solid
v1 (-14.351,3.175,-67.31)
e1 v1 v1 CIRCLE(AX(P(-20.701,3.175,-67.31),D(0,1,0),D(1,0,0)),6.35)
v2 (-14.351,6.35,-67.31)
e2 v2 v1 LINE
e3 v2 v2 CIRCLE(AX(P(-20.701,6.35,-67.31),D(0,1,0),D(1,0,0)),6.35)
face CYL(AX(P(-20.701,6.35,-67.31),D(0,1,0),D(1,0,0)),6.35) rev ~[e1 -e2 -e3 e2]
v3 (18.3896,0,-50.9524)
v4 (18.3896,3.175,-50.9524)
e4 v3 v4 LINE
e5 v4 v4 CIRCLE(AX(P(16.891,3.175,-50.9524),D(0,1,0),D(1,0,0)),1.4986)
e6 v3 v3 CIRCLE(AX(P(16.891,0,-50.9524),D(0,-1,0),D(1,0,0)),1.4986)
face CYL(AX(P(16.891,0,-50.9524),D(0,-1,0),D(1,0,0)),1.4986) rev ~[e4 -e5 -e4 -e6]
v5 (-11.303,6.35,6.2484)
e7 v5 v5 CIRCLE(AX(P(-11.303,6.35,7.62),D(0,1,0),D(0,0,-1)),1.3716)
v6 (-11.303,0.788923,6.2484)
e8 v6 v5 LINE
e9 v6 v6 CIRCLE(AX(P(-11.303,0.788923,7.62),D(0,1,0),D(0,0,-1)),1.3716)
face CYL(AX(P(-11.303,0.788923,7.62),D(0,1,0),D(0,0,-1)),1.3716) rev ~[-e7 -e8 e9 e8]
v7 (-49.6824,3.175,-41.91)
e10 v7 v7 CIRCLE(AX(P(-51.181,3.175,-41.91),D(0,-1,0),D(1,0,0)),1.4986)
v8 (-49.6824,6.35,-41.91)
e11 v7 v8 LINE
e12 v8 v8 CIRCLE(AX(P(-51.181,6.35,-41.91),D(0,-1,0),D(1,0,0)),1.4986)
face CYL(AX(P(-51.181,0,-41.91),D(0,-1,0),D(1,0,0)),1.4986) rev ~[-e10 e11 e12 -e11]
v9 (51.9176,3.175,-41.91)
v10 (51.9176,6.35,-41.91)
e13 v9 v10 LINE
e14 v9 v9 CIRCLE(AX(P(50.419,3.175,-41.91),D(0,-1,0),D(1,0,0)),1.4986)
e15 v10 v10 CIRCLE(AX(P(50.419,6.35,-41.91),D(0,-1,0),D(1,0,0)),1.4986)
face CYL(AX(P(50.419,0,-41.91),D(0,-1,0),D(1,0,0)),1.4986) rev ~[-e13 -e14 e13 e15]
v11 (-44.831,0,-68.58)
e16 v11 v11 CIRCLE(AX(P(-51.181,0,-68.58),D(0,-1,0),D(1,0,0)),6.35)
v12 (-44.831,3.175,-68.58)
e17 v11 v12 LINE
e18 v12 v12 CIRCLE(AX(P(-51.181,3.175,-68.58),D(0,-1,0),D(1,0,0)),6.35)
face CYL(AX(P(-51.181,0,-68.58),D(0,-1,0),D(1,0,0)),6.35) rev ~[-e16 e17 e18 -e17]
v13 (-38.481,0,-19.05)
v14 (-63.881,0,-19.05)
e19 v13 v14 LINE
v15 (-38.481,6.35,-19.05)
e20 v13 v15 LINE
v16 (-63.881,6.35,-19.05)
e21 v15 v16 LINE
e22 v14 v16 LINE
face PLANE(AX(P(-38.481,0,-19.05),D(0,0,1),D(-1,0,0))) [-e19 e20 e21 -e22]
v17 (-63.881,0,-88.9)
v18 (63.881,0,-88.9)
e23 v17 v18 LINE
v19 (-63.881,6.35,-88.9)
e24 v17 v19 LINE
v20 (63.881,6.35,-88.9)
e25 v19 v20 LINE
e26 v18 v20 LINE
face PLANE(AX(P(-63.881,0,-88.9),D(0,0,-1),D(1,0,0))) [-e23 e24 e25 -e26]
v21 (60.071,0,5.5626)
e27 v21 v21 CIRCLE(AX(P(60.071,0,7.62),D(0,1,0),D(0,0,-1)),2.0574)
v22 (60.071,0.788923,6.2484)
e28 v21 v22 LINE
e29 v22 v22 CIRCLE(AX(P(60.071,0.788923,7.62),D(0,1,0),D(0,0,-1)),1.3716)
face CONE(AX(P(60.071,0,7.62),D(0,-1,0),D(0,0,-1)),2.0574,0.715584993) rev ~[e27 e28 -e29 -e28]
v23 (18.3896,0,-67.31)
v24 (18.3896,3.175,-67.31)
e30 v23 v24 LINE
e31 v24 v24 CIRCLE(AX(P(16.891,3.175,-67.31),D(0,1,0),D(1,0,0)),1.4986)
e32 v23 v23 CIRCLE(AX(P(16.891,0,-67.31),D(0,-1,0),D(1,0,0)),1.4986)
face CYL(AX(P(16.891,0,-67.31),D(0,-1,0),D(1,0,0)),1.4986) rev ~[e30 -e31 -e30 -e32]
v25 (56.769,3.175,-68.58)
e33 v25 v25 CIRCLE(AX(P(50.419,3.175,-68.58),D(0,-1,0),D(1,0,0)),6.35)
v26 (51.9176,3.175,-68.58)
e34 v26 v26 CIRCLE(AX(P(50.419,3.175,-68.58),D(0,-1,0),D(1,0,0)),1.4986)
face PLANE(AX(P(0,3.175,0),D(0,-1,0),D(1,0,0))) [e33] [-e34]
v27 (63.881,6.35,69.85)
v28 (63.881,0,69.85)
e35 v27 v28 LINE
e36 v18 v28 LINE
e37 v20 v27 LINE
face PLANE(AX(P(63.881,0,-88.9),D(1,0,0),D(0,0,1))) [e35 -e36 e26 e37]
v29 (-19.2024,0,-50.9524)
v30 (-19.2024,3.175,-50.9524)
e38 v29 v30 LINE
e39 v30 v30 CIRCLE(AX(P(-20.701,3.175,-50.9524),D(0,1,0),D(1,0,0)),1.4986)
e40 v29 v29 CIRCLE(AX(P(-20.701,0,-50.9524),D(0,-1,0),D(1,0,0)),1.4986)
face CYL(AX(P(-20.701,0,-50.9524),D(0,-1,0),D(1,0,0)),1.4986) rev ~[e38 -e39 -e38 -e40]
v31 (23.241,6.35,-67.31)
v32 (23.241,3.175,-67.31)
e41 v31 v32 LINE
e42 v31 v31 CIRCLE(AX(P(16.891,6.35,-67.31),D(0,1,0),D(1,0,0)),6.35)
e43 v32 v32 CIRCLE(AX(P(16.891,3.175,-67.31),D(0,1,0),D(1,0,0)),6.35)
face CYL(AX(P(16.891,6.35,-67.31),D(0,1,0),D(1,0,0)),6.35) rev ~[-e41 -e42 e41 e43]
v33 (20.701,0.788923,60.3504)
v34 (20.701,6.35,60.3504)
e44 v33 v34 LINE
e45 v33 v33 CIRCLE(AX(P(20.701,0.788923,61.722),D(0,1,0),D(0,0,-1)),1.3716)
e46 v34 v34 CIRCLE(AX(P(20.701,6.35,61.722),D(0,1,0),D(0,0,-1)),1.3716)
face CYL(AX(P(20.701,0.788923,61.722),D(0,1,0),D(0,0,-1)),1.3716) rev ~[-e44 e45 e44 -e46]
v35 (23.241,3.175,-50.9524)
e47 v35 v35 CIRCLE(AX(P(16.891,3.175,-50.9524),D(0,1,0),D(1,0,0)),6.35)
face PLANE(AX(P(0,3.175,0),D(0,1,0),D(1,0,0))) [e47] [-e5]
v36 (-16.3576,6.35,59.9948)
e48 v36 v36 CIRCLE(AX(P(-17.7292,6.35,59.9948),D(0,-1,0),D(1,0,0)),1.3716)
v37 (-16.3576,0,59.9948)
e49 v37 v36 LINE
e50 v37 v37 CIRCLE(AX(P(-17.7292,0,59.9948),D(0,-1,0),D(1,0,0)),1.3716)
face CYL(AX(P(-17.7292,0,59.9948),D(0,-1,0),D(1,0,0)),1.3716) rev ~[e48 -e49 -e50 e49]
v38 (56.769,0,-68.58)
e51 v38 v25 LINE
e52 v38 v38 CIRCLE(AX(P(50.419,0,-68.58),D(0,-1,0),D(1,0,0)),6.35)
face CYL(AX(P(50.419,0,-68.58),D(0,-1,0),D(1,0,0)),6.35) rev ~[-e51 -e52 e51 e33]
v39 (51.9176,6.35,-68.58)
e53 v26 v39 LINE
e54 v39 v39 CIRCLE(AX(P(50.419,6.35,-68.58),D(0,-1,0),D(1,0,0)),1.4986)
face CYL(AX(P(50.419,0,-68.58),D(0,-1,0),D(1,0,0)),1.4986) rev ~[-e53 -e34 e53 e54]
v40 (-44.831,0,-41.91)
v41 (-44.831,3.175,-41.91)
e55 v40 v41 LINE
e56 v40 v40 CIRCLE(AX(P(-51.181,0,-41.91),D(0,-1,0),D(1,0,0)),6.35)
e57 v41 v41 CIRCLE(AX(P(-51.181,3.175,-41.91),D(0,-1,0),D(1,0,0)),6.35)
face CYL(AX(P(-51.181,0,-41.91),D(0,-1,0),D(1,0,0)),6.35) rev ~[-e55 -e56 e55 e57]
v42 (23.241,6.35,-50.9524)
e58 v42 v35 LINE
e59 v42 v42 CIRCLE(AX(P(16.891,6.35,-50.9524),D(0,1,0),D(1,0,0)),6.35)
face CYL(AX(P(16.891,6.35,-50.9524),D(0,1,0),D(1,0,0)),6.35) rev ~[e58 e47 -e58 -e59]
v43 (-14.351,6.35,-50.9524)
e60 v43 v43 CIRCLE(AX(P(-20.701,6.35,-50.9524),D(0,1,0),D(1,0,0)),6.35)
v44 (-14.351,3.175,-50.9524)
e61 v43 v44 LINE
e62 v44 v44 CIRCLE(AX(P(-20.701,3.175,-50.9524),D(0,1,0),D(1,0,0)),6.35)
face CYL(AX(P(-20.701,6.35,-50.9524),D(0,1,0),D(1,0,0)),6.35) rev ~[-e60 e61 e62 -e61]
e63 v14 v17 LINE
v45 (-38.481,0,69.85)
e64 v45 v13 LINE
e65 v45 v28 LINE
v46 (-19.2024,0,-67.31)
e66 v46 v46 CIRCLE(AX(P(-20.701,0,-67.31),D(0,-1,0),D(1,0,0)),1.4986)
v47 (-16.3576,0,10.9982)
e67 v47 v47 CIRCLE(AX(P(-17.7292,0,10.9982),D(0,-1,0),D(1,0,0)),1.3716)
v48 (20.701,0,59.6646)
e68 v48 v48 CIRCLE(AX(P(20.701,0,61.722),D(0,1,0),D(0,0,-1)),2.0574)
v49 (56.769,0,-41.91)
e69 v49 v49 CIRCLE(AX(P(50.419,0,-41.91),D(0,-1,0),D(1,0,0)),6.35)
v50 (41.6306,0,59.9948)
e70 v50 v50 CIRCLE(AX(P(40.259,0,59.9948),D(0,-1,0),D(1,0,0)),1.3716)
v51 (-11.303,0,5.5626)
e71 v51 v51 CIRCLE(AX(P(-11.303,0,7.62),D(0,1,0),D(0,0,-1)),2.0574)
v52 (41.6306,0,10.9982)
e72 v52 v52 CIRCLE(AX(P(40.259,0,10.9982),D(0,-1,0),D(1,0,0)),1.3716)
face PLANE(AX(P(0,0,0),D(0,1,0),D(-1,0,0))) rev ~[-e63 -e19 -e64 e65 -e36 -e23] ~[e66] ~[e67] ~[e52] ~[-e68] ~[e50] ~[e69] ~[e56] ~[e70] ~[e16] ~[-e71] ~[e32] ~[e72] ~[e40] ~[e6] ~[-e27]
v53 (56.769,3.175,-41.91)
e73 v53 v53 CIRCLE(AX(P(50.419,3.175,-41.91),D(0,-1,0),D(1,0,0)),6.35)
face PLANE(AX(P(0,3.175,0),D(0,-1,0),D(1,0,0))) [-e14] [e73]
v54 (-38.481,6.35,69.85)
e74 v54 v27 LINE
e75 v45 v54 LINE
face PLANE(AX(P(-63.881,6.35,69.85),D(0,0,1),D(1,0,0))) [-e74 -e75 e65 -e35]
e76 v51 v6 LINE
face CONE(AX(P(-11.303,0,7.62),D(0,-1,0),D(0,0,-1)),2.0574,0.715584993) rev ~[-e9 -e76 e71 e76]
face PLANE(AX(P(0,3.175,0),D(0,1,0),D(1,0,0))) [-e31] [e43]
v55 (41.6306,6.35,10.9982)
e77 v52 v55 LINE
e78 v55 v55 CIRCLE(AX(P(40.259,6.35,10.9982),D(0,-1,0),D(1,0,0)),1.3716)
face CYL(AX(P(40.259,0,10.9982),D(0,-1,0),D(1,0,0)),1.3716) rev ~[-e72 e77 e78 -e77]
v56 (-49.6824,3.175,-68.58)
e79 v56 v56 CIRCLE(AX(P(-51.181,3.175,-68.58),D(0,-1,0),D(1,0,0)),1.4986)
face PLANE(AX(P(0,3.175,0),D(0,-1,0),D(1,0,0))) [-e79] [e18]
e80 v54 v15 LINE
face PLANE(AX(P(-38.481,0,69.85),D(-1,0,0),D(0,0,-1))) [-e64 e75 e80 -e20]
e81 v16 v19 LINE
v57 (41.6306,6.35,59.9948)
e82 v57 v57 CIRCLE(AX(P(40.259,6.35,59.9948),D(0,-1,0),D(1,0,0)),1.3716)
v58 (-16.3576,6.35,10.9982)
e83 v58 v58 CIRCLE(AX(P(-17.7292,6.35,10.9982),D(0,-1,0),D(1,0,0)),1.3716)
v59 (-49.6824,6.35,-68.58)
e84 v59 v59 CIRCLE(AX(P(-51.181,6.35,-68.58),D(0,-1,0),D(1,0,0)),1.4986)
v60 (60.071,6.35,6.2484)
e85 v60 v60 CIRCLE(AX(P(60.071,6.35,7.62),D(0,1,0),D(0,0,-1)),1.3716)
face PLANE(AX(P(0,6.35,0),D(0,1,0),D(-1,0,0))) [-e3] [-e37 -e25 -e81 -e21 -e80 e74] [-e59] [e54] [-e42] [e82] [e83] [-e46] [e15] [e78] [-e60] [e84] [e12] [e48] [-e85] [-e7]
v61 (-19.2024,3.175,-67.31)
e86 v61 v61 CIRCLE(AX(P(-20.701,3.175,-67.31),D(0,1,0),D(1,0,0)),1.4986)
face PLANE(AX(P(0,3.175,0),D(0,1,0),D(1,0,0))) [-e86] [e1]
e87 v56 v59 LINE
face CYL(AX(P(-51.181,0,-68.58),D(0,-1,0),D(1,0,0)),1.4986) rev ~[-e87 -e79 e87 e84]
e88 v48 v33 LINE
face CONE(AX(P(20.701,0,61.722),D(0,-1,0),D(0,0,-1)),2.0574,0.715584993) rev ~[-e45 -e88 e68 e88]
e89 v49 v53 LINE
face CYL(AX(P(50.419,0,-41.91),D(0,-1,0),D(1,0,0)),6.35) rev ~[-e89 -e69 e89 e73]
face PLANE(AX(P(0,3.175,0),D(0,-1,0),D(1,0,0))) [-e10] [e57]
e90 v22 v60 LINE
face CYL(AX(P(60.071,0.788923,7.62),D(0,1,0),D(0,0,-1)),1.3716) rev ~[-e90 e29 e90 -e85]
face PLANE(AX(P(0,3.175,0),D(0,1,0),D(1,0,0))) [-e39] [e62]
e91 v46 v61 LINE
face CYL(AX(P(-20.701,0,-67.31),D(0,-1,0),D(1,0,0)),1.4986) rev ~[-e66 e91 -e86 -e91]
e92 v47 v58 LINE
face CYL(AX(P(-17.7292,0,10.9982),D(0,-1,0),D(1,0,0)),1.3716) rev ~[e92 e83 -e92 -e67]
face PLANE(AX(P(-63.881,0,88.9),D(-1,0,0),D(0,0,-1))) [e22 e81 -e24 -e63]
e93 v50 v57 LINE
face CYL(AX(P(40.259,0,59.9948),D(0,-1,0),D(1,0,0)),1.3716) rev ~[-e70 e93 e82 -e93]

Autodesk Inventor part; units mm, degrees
ref_plane "YZ Plane" through (0, 0, 0) normal (1, 0, 0) x (0, 1, 0)
ref_plane "XZ Plane" through (0, 0, 0) normal (0, 1, 0) x (-1, 0, 0)
ref_plane "XY Plane" through (0, 0, 0) normal (0, 0, 1) x (1, 0, 0)
sketch "Sketch1" plane through (0, 0, 0) normal (0, 1, 0) x (-1, 0, 0)
  line L0 (-63.881, 88.9) -> (63.881, 88.9)
  line L1 (63.881, 88.9) -> (63.881, -88.9)
  line L2 (63.881, -88.9) -> (-63.881, -88.9)
  line L3 (-63.881, -88.9) -> (-63.881, 88.9)
  line L4 (-63.881, 88.9) -> (63.881, -88.9) construction
  line L5 (63.881, 88.9) -> (-63.881, -88.9) construction
  point P0 (0, 0)
  dimension "d0" = 127.762
  dimension "d1" = 177.8
extrude "Extrusion1" add sketch "Sketch1" along normal blind 6.35
sketch "Sketch4" plane through (0, 0, 0) normal (0, -1, 0) x (1, 0, 0)
  line L0 (63.881, 88.9) -> (-63.881, 88.9) projected
  line L1 (-63.881, 88.9) -> (-63.881, -88.9) projected
  line L2 (63.881, 88.9) -> (-63.881, 88.9)
  line L3 (-63.881, 88.9) -> (-63.881, 76.2)
  line L4 (-63.881, 76.2) -> (63.881, 76.2)
  line L5 (63.881, 76.2) -> (63.881, 88.9)
  point P0 (0, 0)
  point P1 (-59.9113, 88.9)
  point P2 (-63.881, 84.7576)
  dimension "d9" = 12.7
extrude "Extrusion4" cut sketch "Sketch4" against normal blind 6.35
sketch "Sketch6" plane through (0, 0, 0) normal (0, -1, 0) x (1, 0, 0)
  circle A0 centre (-11.3792, 59.9948) radius 1.3716
  circle A1 centre (20.701, 61.722) radius 1.1303
  circle A2 centre (-11.303, 7.62) radius 1.1303
  circle A3 centre (60.071, 7.62) radius 1.1303
  circle A4 centre (-51.181, -41.91) radius 1.4986
  circle A5 centre (50.419, -41.91) radius 1.4986
  circle A6 centre (50.419, -68.58) radius 1.4986
  circle A7 centre (-51.181, -68.58) radius 1.4986
  point P0 (0, 0)
  point P1 (63.881, 76.2)
  dimension "d24" = 2.7432
  dimension "d26" = 2.2606
  dimension "d33" = 2.2606
  dimension "d34" = 2.2606
  dimension "d48" = 2.9972
  dimension "d49" = 2.9972
  dimension "d63" = 2.9972
  dimension "d64" = 2.9972
sketch "Sketch7" plane through (0, 6.35, 0) normal (0, 1, 0) x (1, 0, 0)
  line L0 (-63.881, -76.2) -> (63.881, -76.2) projected
  line L1 (-63.881, -76.2) -> (-63.881, 88.9) projected
  line L2 (63.881, -76.2) -> (-63.881, -76.2)
  line L3 (-63.881, -76.2) -> (-63.881, -69.85)
  line L4 (-63.881, -69.85) -> (63.881, -69.85)
  line L5 (63.881, -69.85) -> (63.881, -76.2)
  point P0 (0, 0)
  dimension "d204" = 6.35
extrude "Extrusion7" cut sketch "Sketch7" against normal blind 25.4
sketch "Sketch8" plane through (0, 0, 0) normal (0, -1, 0) x (1, 0, 0)
  circle A0 centre (-20.701, -67.31) radius 1.4986
  circle A1 centre (-20.701, -50.9524) radius 1.4986
  circle A2 centre (16.891, -50.9524) radius 1.4986
  circle A3 centre (16.891, -67.31) radius 1.4986
  point P0 (0, 0)
  point P1 (-63.881, -88.9)
  dimension "d213" = 2.9972
  dimension "d216" = 2.9972
  dimension "d217" = 2.9972
  dimension "d218" = 2.9972
extrude "Extrusion8" cut sketch "Sketch8" against normal blind 25.4
sketch "Sketch9" plane through (0, 6.35, 0) normal (0, 1, 0) x (1, 0, 0)
  point P0 (0, 0)
sketch "Sketch10" plane through (0, 6.35, 0) normal (0, 1, 0) x (1, 0, 0)
  circle A0 centre (-20.701, 67.31) radius 1.4986 projected
  circle A1 centre (-20.701, 67.31) radius 6.35
  circle A2 centre (16.891, 67.31) radius 1.4986 projected
  circle A3 centre (16.891, 67.31) radius 6.35
  circle A4 centre (16.891, 50.9524) radius 1.4986 projected
  circle A5 centre (16.891, 50.9524) radius 6.35
  circle A6 centre (-20.701, 50.9524) radius 1.4986 projected
  circle A7 centre (-20.701, 50.9524) radius 6.35
  point P0 (0, 0)
  dimension "d221" = 12.7
  dimension "d222" = 12.7
  dimension "d223" = 12.7
  dimension "d224" = 12.7
extrude "Extrusion9" cut sketch "Sketch10" against normal blind 3.175
extrude "Extrusion14" cut sketch "Sketch6" against normal blind 6.35 contours A4 | A5 | A6 | A7
sketch "Sketch13" plane through (0, 0, 0) normal (0, -1, 0) x (1, 0, 0)
  circle A0 centre (-51.181, -41.91) radius 1.4986 projected
  circle A1 centre (-51.181, -41.91) radius 6.35
  circle A2 centre (-51.181, -68.58) radius 1.4986 projected
  circle A3 centre (-51.181, -68.58) radius 6.35
  circle A4 centre (50.419, -68.58) radius 1.4986 projected
  circle A5 centre (50.419, -68.58) radius 6.35
  circle A6 centre (50.419, -41.91) radius 1.4986 projected
  circle A7 centre (50.419, -41.91) radius 6.35
  point P0 (0, 0)
  dimension "d247" = 12.7
  dimension "d248" = 12.7
  dimension "d249" = 12.7
  dimension "d250" = 12.7
extrude "Extrusion15" cut sketch "Sketch13" against normal blind 3.175
sketch "Sketch14" plane through (0, 0, 0) normal (0, -1, 0) x (1, 0, 0)
  line L0 (-63.881, -88.9) -> (-63.881, 69.85) projected
  line L1 (-63.881, 69.85) -> (-38.481, 69.85)
  line L2 (-38.481, 69.85) -> (-38.481, -19.05)
  line L3 (-38.481, -19.05) -> (-63.881, -19.05)
  line L4 (-63.881, -19.05) -> (-63.881, 69.85)
  point P0 (0, 0)
  dimension "d253" = 25.4
  dimension "d254" = 88.9
extrude "Extrusion16" cut sketch "Sketch14" against normal blind 6.35
sketch "Sketch15" plane through (0, 0, 0) normal (0, -1, 0) x (1, 0, 0)
  circle A0 centre (-11.3792, 59.9948) radius 1.3716 projected
  circle A1 centre (40.259, 59.9948) radius 1.3716
  circle A2 centre (-17.7292, 59.9948) radius 1.3716
  circle A3 centre (-17.7292, 10.9982) radius 1.3716
  circle A4 centre (40.259, 10.9982) radius 1.3716
  point P0 (0, 0)
  dimension "d262" = 2.7432
  dimension "d263" = 2.7432
  dimension "d264" = 2.7432
  dimension "d265" = 2.7432
extrude "Extrusion18" cut sketch "Sketch15" against normal blind 25.4 contours A1 | A2 | A3 | A4
hole "Hole17" at (20.701, 0, 61.722) at (60.071, 0, 7.62) at (-11.303, 0, 7.62) direction (0, 1, 0) diameter 2.7432 depth 6.35 countersink diameter 4.1148 countersink angle 82
properties part number "DPLX_P014_Lab_Baseplate_Small_PV" material "Aluminum 6061"
